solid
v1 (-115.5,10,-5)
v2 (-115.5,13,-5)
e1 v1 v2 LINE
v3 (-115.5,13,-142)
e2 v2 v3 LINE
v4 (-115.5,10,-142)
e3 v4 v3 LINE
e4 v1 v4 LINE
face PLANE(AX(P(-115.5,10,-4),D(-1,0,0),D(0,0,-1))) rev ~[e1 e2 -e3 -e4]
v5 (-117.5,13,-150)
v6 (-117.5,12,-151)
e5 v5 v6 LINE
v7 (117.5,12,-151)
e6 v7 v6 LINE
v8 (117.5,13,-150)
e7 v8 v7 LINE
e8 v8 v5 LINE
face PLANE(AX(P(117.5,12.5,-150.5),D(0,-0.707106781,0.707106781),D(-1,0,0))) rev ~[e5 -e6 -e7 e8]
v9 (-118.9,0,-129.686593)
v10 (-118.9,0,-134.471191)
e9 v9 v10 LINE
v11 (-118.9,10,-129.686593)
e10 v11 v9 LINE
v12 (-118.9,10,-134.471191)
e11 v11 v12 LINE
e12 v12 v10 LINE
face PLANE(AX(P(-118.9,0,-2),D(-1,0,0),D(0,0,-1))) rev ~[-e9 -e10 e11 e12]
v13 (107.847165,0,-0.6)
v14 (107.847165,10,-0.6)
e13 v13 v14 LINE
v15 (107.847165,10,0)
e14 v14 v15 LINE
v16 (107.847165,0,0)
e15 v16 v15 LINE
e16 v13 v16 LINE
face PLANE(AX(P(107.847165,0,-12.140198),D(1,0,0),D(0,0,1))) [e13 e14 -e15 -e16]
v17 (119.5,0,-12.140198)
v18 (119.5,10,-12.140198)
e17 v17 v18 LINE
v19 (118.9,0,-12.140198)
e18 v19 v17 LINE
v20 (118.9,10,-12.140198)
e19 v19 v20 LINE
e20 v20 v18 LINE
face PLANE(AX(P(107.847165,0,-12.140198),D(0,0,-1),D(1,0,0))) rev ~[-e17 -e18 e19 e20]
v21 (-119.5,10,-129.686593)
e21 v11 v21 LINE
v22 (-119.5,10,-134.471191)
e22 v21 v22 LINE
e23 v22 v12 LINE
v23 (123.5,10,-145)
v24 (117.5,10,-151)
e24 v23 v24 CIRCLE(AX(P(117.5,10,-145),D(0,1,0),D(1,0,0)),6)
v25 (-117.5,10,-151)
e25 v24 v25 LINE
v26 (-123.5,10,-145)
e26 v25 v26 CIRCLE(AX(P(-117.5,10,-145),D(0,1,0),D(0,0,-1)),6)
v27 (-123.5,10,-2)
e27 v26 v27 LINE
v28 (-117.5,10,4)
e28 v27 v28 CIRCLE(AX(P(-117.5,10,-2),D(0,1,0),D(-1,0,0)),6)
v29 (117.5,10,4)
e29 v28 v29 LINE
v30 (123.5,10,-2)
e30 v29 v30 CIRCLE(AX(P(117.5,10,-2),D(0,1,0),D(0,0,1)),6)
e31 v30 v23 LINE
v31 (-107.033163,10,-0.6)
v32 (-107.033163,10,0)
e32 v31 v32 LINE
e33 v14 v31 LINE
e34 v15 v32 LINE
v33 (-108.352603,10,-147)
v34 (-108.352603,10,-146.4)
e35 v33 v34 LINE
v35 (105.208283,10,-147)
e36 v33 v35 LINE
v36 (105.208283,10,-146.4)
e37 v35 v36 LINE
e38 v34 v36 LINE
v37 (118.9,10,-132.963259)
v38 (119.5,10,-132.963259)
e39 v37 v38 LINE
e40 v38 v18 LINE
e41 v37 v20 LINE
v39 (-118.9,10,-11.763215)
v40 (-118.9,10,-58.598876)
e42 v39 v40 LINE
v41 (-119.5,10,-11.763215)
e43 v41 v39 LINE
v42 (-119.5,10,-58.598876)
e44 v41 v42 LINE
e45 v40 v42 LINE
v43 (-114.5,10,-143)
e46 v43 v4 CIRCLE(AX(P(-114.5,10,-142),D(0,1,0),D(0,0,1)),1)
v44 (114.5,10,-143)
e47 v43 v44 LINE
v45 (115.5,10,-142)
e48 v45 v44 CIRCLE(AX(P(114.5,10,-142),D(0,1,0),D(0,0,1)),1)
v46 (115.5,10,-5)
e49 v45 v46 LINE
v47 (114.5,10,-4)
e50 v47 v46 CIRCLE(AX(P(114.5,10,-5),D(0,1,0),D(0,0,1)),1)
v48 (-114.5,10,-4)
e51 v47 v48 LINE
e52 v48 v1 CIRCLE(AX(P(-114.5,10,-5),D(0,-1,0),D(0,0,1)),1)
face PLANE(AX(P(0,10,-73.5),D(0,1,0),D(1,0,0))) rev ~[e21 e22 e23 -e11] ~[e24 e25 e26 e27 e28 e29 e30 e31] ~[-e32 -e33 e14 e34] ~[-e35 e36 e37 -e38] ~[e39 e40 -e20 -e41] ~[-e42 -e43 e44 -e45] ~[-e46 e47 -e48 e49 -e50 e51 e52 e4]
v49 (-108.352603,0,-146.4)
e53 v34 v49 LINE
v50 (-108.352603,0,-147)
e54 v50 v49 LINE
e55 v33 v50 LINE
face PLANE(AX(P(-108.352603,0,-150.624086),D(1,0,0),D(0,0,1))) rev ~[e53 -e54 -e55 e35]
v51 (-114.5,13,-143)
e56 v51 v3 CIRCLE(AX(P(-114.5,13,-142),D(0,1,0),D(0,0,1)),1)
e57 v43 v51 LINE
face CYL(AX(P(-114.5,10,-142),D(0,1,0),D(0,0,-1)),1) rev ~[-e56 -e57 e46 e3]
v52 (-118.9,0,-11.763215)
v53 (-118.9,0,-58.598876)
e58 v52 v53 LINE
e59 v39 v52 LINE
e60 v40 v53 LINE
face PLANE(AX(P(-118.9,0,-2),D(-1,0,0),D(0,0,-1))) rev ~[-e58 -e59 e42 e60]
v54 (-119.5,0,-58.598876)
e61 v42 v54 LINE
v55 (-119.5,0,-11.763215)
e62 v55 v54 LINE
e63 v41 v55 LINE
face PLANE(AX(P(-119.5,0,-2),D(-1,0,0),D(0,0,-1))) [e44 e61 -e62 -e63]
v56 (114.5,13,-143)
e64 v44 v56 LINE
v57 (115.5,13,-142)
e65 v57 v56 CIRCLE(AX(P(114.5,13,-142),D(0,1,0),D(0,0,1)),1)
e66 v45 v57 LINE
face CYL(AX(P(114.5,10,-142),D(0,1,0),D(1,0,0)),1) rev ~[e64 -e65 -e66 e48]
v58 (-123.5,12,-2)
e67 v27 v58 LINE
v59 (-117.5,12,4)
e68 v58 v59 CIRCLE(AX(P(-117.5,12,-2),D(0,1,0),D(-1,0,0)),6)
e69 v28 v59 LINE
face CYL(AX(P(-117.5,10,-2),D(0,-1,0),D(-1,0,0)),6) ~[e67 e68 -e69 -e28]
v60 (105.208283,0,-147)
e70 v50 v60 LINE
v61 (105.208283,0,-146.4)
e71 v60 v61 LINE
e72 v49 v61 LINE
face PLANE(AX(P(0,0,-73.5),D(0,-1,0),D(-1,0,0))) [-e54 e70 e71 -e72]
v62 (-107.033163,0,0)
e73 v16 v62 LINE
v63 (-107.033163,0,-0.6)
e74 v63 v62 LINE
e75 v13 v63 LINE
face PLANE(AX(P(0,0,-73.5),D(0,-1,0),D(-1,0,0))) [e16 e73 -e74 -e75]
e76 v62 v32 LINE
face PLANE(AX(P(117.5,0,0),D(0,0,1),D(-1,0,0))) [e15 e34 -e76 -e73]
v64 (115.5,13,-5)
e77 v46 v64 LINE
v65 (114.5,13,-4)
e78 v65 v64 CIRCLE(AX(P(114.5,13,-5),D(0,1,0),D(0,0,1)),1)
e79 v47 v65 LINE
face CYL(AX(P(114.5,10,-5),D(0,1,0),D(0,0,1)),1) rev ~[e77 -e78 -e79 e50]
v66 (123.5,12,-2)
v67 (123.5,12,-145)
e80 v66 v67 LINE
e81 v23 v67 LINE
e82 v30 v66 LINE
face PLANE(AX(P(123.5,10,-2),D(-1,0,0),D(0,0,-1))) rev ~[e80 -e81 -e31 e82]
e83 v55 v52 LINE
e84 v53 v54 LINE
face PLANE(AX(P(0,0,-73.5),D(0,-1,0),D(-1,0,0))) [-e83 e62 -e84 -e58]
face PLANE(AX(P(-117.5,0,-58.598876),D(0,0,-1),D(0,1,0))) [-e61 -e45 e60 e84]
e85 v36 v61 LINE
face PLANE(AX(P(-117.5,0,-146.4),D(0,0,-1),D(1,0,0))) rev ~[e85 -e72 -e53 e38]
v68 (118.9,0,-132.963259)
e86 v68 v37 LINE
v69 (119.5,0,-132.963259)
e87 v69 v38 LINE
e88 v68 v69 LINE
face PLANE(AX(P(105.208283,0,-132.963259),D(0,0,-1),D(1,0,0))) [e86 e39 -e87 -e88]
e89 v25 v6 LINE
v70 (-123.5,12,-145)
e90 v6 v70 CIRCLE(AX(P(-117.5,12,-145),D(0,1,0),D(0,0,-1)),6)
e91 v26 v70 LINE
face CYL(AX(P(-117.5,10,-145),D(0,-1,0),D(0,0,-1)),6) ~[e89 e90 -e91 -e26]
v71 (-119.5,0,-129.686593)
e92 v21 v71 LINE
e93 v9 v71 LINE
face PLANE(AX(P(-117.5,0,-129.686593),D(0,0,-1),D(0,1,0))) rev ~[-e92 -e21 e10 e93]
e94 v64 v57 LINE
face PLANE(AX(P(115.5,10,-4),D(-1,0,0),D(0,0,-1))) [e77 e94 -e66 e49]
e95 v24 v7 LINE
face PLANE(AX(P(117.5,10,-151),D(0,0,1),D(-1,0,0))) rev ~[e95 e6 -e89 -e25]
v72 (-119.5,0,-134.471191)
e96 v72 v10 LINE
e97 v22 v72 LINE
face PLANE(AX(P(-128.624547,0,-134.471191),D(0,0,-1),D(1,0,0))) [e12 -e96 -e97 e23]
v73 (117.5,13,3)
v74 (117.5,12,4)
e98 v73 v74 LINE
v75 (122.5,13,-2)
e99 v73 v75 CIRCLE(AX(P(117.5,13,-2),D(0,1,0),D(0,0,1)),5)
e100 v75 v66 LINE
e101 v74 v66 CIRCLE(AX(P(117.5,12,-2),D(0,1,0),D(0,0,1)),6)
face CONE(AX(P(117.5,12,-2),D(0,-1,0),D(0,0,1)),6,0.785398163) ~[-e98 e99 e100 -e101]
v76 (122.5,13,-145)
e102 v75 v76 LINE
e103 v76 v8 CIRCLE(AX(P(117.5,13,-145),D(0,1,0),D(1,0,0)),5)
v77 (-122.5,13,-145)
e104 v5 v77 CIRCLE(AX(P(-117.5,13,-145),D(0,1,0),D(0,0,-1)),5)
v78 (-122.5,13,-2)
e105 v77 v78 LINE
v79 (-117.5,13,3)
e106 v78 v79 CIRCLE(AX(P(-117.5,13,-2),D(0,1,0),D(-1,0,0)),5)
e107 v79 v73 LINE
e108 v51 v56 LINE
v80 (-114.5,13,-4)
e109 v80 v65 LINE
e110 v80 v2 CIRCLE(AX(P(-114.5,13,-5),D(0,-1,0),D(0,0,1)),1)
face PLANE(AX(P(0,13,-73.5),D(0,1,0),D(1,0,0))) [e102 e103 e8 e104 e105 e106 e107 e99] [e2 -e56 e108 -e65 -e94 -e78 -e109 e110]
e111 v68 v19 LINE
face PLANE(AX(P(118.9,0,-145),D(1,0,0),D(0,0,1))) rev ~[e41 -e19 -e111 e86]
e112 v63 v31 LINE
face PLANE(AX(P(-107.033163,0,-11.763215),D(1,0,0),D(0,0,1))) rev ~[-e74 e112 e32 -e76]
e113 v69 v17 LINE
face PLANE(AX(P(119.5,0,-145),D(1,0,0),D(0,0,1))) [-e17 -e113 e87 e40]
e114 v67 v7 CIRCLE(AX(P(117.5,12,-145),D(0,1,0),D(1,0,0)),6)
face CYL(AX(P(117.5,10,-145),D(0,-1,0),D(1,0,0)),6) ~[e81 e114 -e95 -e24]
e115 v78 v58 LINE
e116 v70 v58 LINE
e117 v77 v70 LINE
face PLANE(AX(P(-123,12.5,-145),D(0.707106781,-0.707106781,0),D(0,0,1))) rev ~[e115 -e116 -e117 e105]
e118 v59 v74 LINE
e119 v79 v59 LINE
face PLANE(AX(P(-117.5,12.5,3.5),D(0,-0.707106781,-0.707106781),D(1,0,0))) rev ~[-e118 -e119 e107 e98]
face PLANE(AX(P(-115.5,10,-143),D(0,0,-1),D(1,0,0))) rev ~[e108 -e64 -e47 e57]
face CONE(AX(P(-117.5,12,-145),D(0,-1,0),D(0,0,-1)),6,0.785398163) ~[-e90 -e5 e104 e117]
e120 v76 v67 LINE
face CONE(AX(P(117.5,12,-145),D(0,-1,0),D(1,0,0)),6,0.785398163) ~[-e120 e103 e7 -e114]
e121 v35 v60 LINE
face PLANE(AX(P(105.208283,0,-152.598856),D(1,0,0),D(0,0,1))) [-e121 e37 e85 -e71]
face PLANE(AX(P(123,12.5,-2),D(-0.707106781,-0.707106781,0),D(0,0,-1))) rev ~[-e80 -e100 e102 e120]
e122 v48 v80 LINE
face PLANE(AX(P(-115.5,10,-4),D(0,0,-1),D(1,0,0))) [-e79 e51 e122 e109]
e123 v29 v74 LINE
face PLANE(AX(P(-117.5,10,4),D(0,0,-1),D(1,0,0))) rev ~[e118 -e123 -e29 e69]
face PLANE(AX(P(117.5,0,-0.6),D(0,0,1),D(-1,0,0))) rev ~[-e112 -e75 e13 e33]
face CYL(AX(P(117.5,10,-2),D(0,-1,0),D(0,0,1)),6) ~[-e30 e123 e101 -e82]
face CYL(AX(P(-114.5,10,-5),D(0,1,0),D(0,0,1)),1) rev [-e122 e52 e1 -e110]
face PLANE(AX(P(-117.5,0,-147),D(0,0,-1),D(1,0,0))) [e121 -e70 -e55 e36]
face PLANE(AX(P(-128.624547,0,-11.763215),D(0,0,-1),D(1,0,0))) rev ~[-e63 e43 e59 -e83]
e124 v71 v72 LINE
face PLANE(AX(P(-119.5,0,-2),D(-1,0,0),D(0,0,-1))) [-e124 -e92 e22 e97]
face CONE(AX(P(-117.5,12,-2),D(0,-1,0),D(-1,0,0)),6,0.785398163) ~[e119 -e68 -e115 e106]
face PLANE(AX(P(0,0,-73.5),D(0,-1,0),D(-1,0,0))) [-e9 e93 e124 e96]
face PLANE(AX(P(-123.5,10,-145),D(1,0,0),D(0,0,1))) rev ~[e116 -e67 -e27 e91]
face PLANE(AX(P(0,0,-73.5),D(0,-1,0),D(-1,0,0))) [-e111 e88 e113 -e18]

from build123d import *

# Parameters (mm, degrees)
EXTRUDE_1_DEPTH          = 10
SKETCH_2_W               = 231
SKETCH_2_H               = 139
EXTRUDE_1_2_DEPTH        = 3
FILLET_1_R               = 1
CHAMFER_1_SIZE           = 1
CUT_EXTRUDE_1_DEPTH      = 287.389594783
CUT_EXTRUDE_1_DEPTH_BACK = 2
SKETCH_3_W               = 71.087717772
SKETCH_3_H               = 10
SKETCH_4_W               = 21.591384664
SKETCH_4_H               = 17.851519678
SKETCH_4_W_2             = 20.271944057
SKETCH_4_H_2             = 16.15289462
SKETCH_4_W_3             = 20.32571751
SKETCH_4_H_3             = 19.635596567
SKETCH_4_W_4             = 22.15685921
SKETCH_4_H_4             = 28.871680817
CUT_EXTRUDE_2_DEPTH      = 10


with BuildPart() as part:
    # 草图1 → Extrude 1 (new body)
    with BuildSketch(Plane(origin=(0, 0, 0), x_dir=(1, 0, 0), z_dir=(0, 1, 0))):
        with BuildLine():
            Line((-117.5, 147), (117.5, 147))
            ThreePointArc((117.5, 147), (118.914213562, 146.414213562), (119.5, 145))
            Line((119.5, 145), (119.5, 2))
            ThreePointArc((119.5, 2), (118.914213562, 0.585786438), (117.5, 0))
            Line((117.5, 0), (-117.5, 0))
            ThreePointArc((-117.5, 0), (-118.914213562, 0.585786438), (-119.5, 2))
            Line((-119.5, 2), (-119.5, 145))
            ThreePointArc((-119.5, 145), (-118.914213562, 146.414213562), (-117.5, 147))
        make_face()
        with BuildLine():
            Line((-117.5, 146.4), (117.5, 146.4))
            ThreePointArc((117.5, 146.4), (118.489949494, 145.989949494), (118.9, 145))
            Line((118.9, 145), (118.9, 2))
            ThreePointArc((118.9, 2), (118.489949494, 1.010050506), (117.5, 0.6))
            Line((117.5, 0.6), (-117.5, 0.6))
            ThreePointArc((-117.5, 0.6), (-118.489949494, 1.010050506), (-118.9, 2))
            Line((-118.9, 2), (-118.9, 145))
            ThreePointArc((-118.9, 145), (-118.489949494, 145.989949494), (-117.5, 146.4))
        make_face(mode=Mode.SUBTRACT)
    extrude(amount=EXTRUDE_1_DEPTH)

    # 草图2 → Extrude 1 2 (add)
    with BuildSketch(Plane(origin=(0, 10, 0), x_dir=(1, 0, 0), z_dir=(0, 1, 0))):
        with BuildLine():
            Line((123.5, 2), (123.5, 145))
            ThreePointArc((123.5, 145), (121.742640687, 149.242640687), (117.5, 151))
            Line((117.5, 151), (-117.5, 151))
            ThreePointArc((-117.5, 151), (-121.742640687, 149.242640687), (-123.5, 145))
            Line((-123.5, 145), (-123.5, 2))
            ThreePointArc((-123.5, 2), (-121.742640687, -2.242640687), (-117.5, -4))
            Line((-117.5, -4), (117.5, -4))
            ThreePointArc((117.5, -4), (121.742640687, -2.242640687), (123.5, 2))
        make_face()
        with Locations((0, 73.5)):
            Rectangle(SKETCH_2_W, SKETCH_2_H, mode=Mode.SUBTRACT)
    extrude(amount=EXTRUDE_1_2_DEPTH)

    # 圆角1
    fillet_1_edges = [part.edges().sort_by_distance(p)[0] for p in [
        (-115.5, 11.5, -4),
        (115.5, 11.5, -4),
        (115.5, 11.5, -143),
        (-115.5, 11.5, -143),
    ]]
    fillet(fillet_1_edges, radius=FILLET_1_R)

    # 倒角1
    chamfer_1_edges = [part.edges().sort_by_distance(p)[0] for p in [
        (121.742640687, 13, -149.242640687),
        (0, 13, -151),
        (-121.742640687, 13, -149.242640687),
        (-123.5, 13, -73.5),
        (-121.742640687, 13, 2.242640687),
        (0, 13, 4),
        (121.742640687, 13, 2.242640687),
        (123.5, 13, -73.5),
    ]]
    chamfer(chamfer_1_edges, length=CHAMFER_1_SIZE)

    # 草图3 → 切除-拉伸1 (cut, two sides: drawn at the far end of the back side and taken through both)
    with BuildSketch(Plane.ZY.offset(119.5).offset(-CUT_EXTRUDE_1_DEPTH_BACK)):
        with Locations((-94.14273439, 5)):
            Rectangle(SKETCH_3_W, SKETCH_3_H)
    extrude(amount=CUT_EXTRUDE_1_DEPTH + CUT_EXTRUDE_1_DEPTH_BACK, mode=Mode.SUBTRACT)

    # 草图4 → 切除-拉伸2 (cut)
    with BuildSketch(Plane.XZ):
        with Locations((-117.828855159, -2.837454771)):
            Rectangle(SKETCH_4_W, SKETCH_4_H)
        with Locations((-118.488575463, -142.547638379)):
            Rectangle(SKETCH_4_W_2, SKETCH_4_H_2)
        with Locations((115.371142154, -142.781057231)):
            Rectangle(SKETCH_4_W_3, SKETCH_4_H_3)
        with Locations((118.925594218, 2.295642768)):
            Rectangle(SKETCH_4_W_4, SKETCH_4_H_4)
    extrude(amount=-CUT_EXTRUDE_2_DEPTH, mode=Mode.SUBTRACT)


solid = part.part
